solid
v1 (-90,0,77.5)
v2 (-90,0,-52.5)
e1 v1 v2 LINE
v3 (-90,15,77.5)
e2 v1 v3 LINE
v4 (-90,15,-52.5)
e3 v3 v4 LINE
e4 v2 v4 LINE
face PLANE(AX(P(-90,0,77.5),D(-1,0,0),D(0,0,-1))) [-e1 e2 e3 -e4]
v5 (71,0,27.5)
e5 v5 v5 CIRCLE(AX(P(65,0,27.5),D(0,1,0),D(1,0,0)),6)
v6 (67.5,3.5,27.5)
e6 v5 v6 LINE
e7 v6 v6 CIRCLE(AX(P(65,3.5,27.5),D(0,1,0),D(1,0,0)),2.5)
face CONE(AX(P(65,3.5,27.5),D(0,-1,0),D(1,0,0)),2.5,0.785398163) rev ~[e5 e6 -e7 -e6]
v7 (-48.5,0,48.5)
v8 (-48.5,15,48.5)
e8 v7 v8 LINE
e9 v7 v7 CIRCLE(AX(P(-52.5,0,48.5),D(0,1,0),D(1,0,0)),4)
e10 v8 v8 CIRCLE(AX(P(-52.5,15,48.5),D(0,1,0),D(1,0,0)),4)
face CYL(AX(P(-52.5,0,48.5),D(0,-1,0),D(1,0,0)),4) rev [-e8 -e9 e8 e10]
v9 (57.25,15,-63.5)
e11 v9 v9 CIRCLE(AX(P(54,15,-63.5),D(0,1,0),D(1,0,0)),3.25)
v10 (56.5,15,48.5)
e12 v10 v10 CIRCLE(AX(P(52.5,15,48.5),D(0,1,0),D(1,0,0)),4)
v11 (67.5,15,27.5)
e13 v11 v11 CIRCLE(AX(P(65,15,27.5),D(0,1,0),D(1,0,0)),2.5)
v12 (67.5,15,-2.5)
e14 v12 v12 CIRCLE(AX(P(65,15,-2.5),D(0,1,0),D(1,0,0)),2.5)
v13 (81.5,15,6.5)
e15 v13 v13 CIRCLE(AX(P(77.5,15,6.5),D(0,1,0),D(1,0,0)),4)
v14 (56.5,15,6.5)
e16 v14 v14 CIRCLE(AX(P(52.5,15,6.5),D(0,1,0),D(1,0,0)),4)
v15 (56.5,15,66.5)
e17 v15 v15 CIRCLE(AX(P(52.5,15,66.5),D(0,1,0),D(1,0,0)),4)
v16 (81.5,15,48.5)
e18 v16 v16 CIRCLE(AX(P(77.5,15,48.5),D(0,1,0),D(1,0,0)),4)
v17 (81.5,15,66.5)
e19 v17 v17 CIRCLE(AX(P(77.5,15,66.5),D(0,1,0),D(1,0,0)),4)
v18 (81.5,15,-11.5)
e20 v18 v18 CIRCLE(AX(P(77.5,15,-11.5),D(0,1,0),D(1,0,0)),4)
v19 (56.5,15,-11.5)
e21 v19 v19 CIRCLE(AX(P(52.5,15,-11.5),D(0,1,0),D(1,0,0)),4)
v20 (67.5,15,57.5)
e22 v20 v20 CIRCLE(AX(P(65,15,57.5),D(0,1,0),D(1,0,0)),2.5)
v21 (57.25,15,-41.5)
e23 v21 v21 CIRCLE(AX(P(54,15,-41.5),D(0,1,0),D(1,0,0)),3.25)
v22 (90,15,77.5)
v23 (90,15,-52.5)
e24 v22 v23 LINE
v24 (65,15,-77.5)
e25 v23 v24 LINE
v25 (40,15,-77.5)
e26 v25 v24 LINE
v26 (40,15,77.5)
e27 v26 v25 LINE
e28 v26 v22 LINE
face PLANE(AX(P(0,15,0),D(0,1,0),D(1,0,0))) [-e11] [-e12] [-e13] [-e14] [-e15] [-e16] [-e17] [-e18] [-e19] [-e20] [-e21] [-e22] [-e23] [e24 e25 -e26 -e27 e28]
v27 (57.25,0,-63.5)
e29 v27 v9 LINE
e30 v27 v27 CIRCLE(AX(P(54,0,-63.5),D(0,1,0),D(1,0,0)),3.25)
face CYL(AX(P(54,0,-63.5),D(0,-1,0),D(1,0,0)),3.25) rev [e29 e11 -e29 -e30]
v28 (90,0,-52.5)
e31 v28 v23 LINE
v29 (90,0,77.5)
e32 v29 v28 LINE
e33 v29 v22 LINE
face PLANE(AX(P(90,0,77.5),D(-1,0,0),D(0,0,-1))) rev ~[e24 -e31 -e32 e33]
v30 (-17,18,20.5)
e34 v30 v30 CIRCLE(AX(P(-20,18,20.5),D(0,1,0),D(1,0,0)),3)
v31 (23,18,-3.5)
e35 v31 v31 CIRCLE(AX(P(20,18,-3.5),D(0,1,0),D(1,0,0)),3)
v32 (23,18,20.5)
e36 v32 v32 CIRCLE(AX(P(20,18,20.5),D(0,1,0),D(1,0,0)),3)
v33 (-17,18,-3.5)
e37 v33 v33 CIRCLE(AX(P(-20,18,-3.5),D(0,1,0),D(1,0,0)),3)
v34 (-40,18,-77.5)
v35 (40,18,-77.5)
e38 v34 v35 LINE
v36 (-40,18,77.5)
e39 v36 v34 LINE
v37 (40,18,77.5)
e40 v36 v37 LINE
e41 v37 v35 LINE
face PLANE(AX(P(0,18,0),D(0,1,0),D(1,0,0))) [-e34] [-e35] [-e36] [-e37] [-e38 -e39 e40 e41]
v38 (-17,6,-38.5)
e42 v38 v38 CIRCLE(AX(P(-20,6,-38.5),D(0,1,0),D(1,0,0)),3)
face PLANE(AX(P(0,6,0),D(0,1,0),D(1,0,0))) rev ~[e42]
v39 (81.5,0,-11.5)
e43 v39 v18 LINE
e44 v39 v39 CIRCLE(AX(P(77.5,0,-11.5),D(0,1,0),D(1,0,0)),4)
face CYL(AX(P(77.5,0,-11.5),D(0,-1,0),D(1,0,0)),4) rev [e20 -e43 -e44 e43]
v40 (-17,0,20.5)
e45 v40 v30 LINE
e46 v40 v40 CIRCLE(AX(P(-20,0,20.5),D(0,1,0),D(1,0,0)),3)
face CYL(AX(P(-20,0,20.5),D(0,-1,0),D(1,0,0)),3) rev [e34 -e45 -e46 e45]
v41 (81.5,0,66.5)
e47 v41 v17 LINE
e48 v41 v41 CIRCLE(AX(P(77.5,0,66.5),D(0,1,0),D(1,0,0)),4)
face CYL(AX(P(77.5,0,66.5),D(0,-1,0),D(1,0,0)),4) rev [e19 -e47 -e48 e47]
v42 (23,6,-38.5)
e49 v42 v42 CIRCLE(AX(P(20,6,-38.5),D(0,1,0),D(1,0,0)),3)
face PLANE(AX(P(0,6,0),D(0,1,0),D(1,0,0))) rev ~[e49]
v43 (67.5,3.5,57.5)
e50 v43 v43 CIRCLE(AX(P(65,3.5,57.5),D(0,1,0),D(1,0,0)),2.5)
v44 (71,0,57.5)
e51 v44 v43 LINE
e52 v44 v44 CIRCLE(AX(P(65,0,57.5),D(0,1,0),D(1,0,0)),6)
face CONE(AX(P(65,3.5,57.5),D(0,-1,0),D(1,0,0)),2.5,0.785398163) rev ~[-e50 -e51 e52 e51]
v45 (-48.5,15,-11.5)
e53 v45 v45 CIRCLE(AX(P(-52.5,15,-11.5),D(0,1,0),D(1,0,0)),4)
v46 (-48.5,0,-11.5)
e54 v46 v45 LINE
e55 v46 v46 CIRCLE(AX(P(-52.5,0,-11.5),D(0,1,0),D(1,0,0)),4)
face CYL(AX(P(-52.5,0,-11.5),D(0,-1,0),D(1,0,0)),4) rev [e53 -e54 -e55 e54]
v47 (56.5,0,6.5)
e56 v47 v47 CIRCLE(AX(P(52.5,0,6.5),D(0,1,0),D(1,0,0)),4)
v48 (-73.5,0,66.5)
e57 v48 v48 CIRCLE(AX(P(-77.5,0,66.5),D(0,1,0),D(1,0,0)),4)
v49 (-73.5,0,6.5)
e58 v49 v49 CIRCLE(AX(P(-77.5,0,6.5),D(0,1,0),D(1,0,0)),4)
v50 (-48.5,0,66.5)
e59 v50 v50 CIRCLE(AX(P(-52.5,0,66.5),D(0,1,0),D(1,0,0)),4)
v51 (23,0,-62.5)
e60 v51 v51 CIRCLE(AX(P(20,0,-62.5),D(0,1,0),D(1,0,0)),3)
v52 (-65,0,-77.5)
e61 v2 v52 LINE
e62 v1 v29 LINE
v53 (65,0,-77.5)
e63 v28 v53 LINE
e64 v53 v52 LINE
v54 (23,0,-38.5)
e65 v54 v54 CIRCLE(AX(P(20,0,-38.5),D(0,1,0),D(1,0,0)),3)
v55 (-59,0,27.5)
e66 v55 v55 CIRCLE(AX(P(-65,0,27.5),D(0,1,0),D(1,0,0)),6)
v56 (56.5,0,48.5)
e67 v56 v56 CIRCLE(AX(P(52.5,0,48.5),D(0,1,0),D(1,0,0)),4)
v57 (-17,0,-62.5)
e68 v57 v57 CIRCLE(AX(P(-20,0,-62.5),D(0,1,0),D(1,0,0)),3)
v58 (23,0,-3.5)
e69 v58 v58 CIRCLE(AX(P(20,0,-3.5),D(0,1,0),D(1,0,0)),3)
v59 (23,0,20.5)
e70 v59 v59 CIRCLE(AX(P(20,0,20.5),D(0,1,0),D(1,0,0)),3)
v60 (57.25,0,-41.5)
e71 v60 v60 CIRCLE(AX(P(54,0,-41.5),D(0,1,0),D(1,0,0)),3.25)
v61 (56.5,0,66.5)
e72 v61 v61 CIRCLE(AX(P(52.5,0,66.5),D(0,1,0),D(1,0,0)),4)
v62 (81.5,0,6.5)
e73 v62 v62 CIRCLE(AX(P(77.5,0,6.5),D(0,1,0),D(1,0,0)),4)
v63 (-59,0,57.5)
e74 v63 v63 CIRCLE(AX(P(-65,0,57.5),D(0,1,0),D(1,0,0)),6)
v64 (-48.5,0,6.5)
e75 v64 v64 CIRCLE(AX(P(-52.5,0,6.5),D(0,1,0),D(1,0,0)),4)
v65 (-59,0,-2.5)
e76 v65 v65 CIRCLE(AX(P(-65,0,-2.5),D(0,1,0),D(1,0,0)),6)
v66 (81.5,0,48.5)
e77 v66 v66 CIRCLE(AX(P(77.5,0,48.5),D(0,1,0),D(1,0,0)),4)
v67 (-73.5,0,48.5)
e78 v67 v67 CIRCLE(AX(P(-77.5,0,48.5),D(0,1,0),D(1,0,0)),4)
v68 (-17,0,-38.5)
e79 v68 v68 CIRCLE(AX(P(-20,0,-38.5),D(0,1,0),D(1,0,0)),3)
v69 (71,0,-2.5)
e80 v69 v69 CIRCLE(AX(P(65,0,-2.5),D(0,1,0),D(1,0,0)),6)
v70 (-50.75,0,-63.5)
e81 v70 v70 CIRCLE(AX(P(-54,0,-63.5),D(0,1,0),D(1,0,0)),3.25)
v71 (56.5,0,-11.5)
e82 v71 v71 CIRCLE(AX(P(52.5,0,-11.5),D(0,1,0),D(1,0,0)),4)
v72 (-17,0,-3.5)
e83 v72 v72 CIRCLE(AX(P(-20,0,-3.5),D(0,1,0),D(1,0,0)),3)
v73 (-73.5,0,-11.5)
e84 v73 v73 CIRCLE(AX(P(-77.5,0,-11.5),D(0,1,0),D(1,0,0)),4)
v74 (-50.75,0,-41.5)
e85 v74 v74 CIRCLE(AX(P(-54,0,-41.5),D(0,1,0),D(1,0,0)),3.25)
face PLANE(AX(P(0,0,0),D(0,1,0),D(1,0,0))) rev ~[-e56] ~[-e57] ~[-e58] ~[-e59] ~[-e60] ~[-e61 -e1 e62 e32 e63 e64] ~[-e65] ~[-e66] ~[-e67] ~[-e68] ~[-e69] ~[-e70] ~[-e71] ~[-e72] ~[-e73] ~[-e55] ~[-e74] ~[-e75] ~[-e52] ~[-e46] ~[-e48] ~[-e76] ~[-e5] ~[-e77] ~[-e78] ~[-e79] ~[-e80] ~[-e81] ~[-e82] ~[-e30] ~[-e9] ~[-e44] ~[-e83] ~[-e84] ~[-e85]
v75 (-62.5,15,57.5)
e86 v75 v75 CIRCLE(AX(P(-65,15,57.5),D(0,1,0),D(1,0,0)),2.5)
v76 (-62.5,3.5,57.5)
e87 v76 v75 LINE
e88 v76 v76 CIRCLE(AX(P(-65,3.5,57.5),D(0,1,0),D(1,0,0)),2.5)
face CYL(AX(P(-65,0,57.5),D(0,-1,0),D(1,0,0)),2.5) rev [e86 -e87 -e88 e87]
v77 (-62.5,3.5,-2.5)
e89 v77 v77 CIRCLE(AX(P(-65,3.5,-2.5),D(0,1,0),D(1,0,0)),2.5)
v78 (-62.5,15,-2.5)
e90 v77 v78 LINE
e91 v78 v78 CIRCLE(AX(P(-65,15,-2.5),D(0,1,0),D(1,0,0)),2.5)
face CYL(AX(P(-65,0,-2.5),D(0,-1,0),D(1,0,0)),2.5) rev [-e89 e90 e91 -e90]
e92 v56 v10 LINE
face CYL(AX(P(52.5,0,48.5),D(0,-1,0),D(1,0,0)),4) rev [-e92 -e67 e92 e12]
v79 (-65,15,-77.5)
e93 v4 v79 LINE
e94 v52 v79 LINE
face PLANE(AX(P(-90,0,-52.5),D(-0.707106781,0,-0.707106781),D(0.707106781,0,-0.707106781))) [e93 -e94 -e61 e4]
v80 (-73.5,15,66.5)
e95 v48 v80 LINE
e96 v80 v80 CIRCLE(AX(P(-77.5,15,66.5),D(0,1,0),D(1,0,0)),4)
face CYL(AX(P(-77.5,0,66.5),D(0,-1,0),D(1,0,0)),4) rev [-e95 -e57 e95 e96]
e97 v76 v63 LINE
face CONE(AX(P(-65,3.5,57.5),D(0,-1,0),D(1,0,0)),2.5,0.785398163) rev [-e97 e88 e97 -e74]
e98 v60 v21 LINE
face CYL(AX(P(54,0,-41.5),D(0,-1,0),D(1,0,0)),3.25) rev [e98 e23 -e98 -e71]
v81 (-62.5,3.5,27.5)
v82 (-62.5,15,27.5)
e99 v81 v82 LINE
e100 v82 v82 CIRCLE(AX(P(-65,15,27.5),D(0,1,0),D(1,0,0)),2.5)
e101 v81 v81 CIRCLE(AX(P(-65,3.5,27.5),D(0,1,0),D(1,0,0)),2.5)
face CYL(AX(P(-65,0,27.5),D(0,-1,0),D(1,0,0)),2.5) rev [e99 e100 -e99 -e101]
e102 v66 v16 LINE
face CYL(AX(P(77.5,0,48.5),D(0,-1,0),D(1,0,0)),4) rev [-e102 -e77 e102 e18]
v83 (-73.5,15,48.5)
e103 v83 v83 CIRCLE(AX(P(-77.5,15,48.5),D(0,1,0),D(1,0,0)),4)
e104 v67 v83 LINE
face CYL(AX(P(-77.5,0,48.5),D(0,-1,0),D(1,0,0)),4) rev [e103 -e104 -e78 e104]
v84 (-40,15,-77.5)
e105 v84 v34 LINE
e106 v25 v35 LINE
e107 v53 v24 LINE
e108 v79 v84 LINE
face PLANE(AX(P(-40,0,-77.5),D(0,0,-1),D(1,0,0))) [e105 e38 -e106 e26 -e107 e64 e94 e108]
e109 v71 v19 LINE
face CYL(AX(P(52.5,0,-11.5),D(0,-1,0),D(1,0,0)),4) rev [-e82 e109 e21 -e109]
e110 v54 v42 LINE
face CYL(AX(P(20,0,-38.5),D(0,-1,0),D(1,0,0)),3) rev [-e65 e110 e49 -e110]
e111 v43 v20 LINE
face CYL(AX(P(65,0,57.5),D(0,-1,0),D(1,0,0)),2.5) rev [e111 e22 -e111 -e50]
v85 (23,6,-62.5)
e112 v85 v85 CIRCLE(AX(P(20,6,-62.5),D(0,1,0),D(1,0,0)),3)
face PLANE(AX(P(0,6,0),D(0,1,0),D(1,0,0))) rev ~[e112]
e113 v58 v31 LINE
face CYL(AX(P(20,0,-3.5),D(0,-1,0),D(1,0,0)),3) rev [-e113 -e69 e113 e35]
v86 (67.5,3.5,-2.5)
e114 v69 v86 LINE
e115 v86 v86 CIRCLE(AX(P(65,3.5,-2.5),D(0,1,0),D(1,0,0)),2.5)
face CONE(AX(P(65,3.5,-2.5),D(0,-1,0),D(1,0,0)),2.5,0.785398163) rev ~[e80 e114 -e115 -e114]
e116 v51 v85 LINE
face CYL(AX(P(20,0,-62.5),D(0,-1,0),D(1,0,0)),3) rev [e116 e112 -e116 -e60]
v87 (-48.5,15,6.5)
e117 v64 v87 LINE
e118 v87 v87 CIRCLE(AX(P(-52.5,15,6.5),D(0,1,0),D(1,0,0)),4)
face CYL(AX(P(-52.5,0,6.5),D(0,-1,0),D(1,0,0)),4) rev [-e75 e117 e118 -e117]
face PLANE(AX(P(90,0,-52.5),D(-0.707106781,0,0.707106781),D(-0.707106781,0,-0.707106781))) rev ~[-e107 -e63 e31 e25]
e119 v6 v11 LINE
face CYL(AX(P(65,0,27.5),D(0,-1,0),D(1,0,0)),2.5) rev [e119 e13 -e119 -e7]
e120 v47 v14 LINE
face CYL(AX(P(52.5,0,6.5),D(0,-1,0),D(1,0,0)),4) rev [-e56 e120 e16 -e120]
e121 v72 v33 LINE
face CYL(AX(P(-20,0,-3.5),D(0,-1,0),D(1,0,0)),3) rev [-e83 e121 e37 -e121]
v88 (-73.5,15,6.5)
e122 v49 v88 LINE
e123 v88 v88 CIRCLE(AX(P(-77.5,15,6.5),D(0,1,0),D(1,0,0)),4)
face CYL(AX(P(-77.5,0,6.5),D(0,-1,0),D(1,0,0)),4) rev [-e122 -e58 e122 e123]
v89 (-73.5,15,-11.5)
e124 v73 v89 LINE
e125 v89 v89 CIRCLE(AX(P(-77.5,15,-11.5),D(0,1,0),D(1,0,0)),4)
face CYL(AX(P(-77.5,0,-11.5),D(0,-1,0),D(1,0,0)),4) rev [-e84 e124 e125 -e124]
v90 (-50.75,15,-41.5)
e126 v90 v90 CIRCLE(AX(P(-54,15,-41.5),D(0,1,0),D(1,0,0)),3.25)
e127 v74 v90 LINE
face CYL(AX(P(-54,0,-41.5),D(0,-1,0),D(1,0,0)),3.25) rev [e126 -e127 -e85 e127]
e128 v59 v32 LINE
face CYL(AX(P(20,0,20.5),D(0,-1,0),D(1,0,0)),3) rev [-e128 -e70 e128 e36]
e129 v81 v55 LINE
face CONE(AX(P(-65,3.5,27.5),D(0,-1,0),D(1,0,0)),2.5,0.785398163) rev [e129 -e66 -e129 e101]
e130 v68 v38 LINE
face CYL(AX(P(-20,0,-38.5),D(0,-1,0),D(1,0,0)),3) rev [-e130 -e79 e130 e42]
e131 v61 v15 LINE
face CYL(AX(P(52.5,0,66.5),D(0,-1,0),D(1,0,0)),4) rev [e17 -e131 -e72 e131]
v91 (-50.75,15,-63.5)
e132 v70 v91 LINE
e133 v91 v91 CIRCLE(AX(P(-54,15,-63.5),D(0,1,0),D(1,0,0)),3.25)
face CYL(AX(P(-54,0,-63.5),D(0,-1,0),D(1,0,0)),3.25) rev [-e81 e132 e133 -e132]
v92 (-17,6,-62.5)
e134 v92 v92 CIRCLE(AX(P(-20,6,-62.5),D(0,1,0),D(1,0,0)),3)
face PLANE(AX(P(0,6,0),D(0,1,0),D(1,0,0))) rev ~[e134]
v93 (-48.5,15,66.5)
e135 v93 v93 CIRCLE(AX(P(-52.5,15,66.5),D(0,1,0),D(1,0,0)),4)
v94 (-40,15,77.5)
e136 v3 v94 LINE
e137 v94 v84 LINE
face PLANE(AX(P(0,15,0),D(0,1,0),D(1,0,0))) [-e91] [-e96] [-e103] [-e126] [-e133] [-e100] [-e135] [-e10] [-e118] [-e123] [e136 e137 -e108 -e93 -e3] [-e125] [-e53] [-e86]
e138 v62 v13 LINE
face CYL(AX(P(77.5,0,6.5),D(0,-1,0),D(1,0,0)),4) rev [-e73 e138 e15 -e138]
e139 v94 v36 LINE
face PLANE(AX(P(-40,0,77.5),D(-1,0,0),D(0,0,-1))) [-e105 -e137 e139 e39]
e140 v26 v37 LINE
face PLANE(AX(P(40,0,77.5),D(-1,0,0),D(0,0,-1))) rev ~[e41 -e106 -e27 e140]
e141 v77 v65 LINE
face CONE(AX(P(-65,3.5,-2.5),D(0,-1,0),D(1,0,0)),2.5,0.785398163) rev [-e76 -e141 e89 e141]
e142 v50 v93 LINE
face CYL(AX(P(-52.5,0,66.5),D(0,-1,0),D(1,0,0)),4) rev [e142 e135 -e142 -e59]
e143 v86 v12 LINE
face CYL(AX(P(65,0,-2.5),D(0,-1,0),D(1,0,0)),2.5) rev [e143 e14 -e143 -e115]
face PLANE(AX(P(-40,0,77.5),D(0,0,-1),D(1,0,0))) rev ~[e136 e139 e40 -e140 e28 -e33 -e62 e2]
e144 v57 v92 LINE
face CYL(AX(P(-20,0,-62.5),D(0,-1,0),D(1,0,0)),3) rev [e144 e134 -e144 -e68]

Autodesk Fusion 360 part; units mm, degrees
sketch "Spindle Mount Board" plane through (0, 0, 0) normal (0, 1, 0) x (1, 0, 0)
  line L0 (90, -77.5) -> (-90, -77.5) construction
  line L1 (-90, -77.5) -> (-90, 52.5) construction
  line L2 (-65, 77.5) -> (65, 77.5) construction
  line L3 (90, 52.5) -> (90, -77.5) construction
  line L4 (90, -77.5) -> (-90, 77.5) construction
  line L5 (-90, -77.5) -> (90, 77.5) construction
  line L6 (-90, -77.5) -> (90, -77.5)
  line L7 (90, -77.5) -> (90, 52.5)
  line L8 (90, 52.5) -> (65, 77.5)
  line L9 (90, 52.5) -> (125.7504, 52.5) construction
  line L10 (-90, -77.5) -> (-90, 52.5)
  line L11 (-90, 52.5) -> (-65, 77.5)
  line L12 (-90, 52.5) -> (-54.1427, 52.5) construction
  line L13 (-65, 77.5) -> (65, 77.5)
  line L14 (-77.5, -77.5) -> (-77.5, 25) construction
  line L15 (-52.5, -77.5) -> (-52.5, 25) construction
  line L16 (77.5, -77.5) -> (77.5, 25) construction
  line L17 (52.5, -77.5) -> (52.5, 25) construction
  line L18 (-90, -66.5) -> (90, -66.5) construction
  line L19 (-90, -48.5) -> (90, -48.5) construction
  line L20 (-90, -6.5) -> (90, -6.5) construction
  line L21 (-90, 11.5) -> (90, 11.5) construction
  circle A0 centre (-77.5, -66.5) radius 4
  circle A1 centre (77.5, -66.5) radius 4
  circle A2 centre (-52.5, -66.5) radius 4
  circle A3 centre (52.5, -66.5) radius 4
  circle A4 centre (-77.5, -48.5) radius 4
  circle A5 centre (-52.5, -48.5) radius 4
  circle A6 centre (52.5, -48.5) radius 4
  circle A7 centre (77.5, -48.5) radius 4
  circle A8 centre (-77.5, -6.5) radius 4
  circle A9 centre (-52.5, -6.5) radius 4
  circle A10 centre (52.5, -6.5) radius 4
  circle A11 centre (77.5, -6.5) radius 4
  circle A12 centre (-77.5, 11.5) radius 4
  circle A13 centre (-52.5, 11.5) radius 4
  circle A14 centre (52.5, 11.5) radius 4
  circle A15 centre (77.5, 11.5) radius 4
  line L22 (65, -77.5) -> (65, 25) construction
  line L23 (-65, -77.5) -> (-65, 25) construction
  line L24 (-70, -57.5) -> (70, -57.5) construction
  line L25 (-70, -27.5) -> (70, -27.5) construction
  line L26 (-70, 2.5) -> (70, 2.5) construction
  circle A16 centre (-65, -57.5) radius 2.5
  circle A17 centre (-65, -27.5) radius 2.5
  circle A18 centre (-65, 2.5) radius 2.5
  circle A19 centre (65, 2.5) radius 2.5
  circle A20 centre (65, -27.5) radius 2.5
  circle A21 centre (65, -57.5) radius 2.5
  line L27 (-54, 41.5) -> (54, 41.5) construction
  line L28 (54, 41.5) -> (54, 63.5) construction
  line L29 (54, 63.5) -> (-54, 63.5) construction
  line L30 (-54, 63.5) -> (-54, 41.5) construction
  circle A22 centre (-54, 41.5) radius 3.25
  circle A23 centre (-54, 63.5) radius 3.25
  circle A24 centre (54, 41.5) radius 3.25
  circle A25 centre (54, 63.5) radius 3.25
  line L31 (-20, -20.5) -> (20, -20.5) construction
  line L32 (20, -20.5) -> (20, 3.5) construction
  line L33 (20, 3.5) -> (-20, 3.5) construction
  line L34 (-20, 3.5) -> (-20, -20.5) construction
  circle A26 centre (-20, -20.5) radius 3
  circle A27 centre (-20, 3.5) radius 3
  circle A28 centre (20, -20.5) radius 3
  circle A29 centre (20, 3.5) radius 3
  line L35 (-90, -77.5) -> (-40, -77.5)
  line L36 (-40, -77.5) -> (-40, 77.5)
  line L37 (-40, 77.5) -> (-65, 77.5)
  line L38 (-90, 52.5) -> (-90, -77.5)
  line L39 (90, -77.5) -> (40, -77.5)
  line L40 (40, -77.5) -> (40, 77.5)
  line L41 (40, 77.5) -> (65, 77.5)
  line L42 (90, 52.5) -> (90, -77.5)
  line L43 (-20, 38.5) -> (20, 38.5) construction
  line L44 (20, 38.5) -> (20, 62.5) construction
  line L45 (20, 62.5) -> (-20, 62.5) construction
  line L46 (-20, 62.5) -> (-20, 38.5) construction
  circle A30 centre (-20, 38.5) radius 3
  circle A31 centre (20, 38.5) radius 3
  circle A32 centre (-20, 62.5) radius 3
  circle A33 centre (20, 62.5) radius 3
  dimension "d1" = 180
  dimension "d2" = 155
  dimension "d3" = 130
  dimension "d4" = 135
  dimension "d5" = 130
  dimension "d6" = 45
  dimension "d7" = 25
  dimension "d8" = 25
  dimension "d9" = 25
  dimension "d10" = 25
  dimension "d11" = 12.5
  dimension "d12" = 12.5
  dimension "d13" = 25
  dimension "d14" = 25
  dimension "d15" = 11
  dimension "d16" = 18
  dimension "d17" = 18
  dimension "d18" = 42
  dimension "d19" = 8
  dimension "d20" = 8
  dimension "d21" = 8
  dimension "d22" = 8
  dimension "d23" = 8
  dimension "d24" = 8
  dimension "d25" = 8
  dimension "d26" = 8
  dimension "d27" = 8
  dimension "d28" = 8
  dimension "d29" = 8
  dimension "d30" = 8
  dimension "d31" = 8
  dimension "d32" = 8
  dimension "d33" = 8
  dimension "d34" = 8
  dimension "d35" = 25
  dimension "d36" = 25
  dimension "d37" = 30
  dimension "d38" = 30
  dimension "d39" = 20
  dimension "d40" = 5
  dimension "d41" = 5
  dimension "d42" = 5
  dimension "d43" = 5
  dimension "d44" = 5
  dimension "d45" = 5
  dimension "d46" = 108
  dimension "d47" = 22
  dimension "d48" = 54
  dimension "d49" = 14
  dimension "d50" = 6.5
  dimension "d51" = 6.5
  dimension "d52" = 6.5
  dimension "d53" = 6.5
  dimension "d54" = 24
  dimension "d55" = 20
  dimension "d56" = 57
  dimension "d57" = 6
  dimension "d58" = 6
  dimension "d59" = 6
  dimension "d60" = 6
  dimension "d61" = 50
  dimension "d62" = 50
  dimension "d67" = 40
  dimension "d68" = 24
  dimension "d69" = 20
  dimension "d70" = 3
  dimension "d71" = 6
  dimension "d72" = 6
  dimension "d73" = 6
  dimension "d74" = 6
extrude "Extrude3" add sketch "Spindle Mount Board" along normal blind 18 contours L6 L13 L36 L40
extrude "Extrude4" add sketch "Spindle Mount Board" along normal blind 15 contours L6 L10 L11 L13 L35 L36 L37 L38 | L6 L7 L8 L13 L39 L40 L41 L42
extrude "Extrude5" add sketch "Spindle Mount Board" along normal blind 18 contours A30 | A31 | A32 | A33
extrude "Extrude6" cut sketch "Spindle Mount Board" along normal blind 6 contours A30 | A31 | A32 | A33
chamfer "Chamfer1" distance 3.5 angle 45 6 edges at (-67.3308, 0, 56.596) (-67.3308, 0, 26.596) (-67.3308, 0, -3.404) (62.6692, 0, -3.404) (62.6692, 0, 26.596) (62.6692, 0, 56.596)
